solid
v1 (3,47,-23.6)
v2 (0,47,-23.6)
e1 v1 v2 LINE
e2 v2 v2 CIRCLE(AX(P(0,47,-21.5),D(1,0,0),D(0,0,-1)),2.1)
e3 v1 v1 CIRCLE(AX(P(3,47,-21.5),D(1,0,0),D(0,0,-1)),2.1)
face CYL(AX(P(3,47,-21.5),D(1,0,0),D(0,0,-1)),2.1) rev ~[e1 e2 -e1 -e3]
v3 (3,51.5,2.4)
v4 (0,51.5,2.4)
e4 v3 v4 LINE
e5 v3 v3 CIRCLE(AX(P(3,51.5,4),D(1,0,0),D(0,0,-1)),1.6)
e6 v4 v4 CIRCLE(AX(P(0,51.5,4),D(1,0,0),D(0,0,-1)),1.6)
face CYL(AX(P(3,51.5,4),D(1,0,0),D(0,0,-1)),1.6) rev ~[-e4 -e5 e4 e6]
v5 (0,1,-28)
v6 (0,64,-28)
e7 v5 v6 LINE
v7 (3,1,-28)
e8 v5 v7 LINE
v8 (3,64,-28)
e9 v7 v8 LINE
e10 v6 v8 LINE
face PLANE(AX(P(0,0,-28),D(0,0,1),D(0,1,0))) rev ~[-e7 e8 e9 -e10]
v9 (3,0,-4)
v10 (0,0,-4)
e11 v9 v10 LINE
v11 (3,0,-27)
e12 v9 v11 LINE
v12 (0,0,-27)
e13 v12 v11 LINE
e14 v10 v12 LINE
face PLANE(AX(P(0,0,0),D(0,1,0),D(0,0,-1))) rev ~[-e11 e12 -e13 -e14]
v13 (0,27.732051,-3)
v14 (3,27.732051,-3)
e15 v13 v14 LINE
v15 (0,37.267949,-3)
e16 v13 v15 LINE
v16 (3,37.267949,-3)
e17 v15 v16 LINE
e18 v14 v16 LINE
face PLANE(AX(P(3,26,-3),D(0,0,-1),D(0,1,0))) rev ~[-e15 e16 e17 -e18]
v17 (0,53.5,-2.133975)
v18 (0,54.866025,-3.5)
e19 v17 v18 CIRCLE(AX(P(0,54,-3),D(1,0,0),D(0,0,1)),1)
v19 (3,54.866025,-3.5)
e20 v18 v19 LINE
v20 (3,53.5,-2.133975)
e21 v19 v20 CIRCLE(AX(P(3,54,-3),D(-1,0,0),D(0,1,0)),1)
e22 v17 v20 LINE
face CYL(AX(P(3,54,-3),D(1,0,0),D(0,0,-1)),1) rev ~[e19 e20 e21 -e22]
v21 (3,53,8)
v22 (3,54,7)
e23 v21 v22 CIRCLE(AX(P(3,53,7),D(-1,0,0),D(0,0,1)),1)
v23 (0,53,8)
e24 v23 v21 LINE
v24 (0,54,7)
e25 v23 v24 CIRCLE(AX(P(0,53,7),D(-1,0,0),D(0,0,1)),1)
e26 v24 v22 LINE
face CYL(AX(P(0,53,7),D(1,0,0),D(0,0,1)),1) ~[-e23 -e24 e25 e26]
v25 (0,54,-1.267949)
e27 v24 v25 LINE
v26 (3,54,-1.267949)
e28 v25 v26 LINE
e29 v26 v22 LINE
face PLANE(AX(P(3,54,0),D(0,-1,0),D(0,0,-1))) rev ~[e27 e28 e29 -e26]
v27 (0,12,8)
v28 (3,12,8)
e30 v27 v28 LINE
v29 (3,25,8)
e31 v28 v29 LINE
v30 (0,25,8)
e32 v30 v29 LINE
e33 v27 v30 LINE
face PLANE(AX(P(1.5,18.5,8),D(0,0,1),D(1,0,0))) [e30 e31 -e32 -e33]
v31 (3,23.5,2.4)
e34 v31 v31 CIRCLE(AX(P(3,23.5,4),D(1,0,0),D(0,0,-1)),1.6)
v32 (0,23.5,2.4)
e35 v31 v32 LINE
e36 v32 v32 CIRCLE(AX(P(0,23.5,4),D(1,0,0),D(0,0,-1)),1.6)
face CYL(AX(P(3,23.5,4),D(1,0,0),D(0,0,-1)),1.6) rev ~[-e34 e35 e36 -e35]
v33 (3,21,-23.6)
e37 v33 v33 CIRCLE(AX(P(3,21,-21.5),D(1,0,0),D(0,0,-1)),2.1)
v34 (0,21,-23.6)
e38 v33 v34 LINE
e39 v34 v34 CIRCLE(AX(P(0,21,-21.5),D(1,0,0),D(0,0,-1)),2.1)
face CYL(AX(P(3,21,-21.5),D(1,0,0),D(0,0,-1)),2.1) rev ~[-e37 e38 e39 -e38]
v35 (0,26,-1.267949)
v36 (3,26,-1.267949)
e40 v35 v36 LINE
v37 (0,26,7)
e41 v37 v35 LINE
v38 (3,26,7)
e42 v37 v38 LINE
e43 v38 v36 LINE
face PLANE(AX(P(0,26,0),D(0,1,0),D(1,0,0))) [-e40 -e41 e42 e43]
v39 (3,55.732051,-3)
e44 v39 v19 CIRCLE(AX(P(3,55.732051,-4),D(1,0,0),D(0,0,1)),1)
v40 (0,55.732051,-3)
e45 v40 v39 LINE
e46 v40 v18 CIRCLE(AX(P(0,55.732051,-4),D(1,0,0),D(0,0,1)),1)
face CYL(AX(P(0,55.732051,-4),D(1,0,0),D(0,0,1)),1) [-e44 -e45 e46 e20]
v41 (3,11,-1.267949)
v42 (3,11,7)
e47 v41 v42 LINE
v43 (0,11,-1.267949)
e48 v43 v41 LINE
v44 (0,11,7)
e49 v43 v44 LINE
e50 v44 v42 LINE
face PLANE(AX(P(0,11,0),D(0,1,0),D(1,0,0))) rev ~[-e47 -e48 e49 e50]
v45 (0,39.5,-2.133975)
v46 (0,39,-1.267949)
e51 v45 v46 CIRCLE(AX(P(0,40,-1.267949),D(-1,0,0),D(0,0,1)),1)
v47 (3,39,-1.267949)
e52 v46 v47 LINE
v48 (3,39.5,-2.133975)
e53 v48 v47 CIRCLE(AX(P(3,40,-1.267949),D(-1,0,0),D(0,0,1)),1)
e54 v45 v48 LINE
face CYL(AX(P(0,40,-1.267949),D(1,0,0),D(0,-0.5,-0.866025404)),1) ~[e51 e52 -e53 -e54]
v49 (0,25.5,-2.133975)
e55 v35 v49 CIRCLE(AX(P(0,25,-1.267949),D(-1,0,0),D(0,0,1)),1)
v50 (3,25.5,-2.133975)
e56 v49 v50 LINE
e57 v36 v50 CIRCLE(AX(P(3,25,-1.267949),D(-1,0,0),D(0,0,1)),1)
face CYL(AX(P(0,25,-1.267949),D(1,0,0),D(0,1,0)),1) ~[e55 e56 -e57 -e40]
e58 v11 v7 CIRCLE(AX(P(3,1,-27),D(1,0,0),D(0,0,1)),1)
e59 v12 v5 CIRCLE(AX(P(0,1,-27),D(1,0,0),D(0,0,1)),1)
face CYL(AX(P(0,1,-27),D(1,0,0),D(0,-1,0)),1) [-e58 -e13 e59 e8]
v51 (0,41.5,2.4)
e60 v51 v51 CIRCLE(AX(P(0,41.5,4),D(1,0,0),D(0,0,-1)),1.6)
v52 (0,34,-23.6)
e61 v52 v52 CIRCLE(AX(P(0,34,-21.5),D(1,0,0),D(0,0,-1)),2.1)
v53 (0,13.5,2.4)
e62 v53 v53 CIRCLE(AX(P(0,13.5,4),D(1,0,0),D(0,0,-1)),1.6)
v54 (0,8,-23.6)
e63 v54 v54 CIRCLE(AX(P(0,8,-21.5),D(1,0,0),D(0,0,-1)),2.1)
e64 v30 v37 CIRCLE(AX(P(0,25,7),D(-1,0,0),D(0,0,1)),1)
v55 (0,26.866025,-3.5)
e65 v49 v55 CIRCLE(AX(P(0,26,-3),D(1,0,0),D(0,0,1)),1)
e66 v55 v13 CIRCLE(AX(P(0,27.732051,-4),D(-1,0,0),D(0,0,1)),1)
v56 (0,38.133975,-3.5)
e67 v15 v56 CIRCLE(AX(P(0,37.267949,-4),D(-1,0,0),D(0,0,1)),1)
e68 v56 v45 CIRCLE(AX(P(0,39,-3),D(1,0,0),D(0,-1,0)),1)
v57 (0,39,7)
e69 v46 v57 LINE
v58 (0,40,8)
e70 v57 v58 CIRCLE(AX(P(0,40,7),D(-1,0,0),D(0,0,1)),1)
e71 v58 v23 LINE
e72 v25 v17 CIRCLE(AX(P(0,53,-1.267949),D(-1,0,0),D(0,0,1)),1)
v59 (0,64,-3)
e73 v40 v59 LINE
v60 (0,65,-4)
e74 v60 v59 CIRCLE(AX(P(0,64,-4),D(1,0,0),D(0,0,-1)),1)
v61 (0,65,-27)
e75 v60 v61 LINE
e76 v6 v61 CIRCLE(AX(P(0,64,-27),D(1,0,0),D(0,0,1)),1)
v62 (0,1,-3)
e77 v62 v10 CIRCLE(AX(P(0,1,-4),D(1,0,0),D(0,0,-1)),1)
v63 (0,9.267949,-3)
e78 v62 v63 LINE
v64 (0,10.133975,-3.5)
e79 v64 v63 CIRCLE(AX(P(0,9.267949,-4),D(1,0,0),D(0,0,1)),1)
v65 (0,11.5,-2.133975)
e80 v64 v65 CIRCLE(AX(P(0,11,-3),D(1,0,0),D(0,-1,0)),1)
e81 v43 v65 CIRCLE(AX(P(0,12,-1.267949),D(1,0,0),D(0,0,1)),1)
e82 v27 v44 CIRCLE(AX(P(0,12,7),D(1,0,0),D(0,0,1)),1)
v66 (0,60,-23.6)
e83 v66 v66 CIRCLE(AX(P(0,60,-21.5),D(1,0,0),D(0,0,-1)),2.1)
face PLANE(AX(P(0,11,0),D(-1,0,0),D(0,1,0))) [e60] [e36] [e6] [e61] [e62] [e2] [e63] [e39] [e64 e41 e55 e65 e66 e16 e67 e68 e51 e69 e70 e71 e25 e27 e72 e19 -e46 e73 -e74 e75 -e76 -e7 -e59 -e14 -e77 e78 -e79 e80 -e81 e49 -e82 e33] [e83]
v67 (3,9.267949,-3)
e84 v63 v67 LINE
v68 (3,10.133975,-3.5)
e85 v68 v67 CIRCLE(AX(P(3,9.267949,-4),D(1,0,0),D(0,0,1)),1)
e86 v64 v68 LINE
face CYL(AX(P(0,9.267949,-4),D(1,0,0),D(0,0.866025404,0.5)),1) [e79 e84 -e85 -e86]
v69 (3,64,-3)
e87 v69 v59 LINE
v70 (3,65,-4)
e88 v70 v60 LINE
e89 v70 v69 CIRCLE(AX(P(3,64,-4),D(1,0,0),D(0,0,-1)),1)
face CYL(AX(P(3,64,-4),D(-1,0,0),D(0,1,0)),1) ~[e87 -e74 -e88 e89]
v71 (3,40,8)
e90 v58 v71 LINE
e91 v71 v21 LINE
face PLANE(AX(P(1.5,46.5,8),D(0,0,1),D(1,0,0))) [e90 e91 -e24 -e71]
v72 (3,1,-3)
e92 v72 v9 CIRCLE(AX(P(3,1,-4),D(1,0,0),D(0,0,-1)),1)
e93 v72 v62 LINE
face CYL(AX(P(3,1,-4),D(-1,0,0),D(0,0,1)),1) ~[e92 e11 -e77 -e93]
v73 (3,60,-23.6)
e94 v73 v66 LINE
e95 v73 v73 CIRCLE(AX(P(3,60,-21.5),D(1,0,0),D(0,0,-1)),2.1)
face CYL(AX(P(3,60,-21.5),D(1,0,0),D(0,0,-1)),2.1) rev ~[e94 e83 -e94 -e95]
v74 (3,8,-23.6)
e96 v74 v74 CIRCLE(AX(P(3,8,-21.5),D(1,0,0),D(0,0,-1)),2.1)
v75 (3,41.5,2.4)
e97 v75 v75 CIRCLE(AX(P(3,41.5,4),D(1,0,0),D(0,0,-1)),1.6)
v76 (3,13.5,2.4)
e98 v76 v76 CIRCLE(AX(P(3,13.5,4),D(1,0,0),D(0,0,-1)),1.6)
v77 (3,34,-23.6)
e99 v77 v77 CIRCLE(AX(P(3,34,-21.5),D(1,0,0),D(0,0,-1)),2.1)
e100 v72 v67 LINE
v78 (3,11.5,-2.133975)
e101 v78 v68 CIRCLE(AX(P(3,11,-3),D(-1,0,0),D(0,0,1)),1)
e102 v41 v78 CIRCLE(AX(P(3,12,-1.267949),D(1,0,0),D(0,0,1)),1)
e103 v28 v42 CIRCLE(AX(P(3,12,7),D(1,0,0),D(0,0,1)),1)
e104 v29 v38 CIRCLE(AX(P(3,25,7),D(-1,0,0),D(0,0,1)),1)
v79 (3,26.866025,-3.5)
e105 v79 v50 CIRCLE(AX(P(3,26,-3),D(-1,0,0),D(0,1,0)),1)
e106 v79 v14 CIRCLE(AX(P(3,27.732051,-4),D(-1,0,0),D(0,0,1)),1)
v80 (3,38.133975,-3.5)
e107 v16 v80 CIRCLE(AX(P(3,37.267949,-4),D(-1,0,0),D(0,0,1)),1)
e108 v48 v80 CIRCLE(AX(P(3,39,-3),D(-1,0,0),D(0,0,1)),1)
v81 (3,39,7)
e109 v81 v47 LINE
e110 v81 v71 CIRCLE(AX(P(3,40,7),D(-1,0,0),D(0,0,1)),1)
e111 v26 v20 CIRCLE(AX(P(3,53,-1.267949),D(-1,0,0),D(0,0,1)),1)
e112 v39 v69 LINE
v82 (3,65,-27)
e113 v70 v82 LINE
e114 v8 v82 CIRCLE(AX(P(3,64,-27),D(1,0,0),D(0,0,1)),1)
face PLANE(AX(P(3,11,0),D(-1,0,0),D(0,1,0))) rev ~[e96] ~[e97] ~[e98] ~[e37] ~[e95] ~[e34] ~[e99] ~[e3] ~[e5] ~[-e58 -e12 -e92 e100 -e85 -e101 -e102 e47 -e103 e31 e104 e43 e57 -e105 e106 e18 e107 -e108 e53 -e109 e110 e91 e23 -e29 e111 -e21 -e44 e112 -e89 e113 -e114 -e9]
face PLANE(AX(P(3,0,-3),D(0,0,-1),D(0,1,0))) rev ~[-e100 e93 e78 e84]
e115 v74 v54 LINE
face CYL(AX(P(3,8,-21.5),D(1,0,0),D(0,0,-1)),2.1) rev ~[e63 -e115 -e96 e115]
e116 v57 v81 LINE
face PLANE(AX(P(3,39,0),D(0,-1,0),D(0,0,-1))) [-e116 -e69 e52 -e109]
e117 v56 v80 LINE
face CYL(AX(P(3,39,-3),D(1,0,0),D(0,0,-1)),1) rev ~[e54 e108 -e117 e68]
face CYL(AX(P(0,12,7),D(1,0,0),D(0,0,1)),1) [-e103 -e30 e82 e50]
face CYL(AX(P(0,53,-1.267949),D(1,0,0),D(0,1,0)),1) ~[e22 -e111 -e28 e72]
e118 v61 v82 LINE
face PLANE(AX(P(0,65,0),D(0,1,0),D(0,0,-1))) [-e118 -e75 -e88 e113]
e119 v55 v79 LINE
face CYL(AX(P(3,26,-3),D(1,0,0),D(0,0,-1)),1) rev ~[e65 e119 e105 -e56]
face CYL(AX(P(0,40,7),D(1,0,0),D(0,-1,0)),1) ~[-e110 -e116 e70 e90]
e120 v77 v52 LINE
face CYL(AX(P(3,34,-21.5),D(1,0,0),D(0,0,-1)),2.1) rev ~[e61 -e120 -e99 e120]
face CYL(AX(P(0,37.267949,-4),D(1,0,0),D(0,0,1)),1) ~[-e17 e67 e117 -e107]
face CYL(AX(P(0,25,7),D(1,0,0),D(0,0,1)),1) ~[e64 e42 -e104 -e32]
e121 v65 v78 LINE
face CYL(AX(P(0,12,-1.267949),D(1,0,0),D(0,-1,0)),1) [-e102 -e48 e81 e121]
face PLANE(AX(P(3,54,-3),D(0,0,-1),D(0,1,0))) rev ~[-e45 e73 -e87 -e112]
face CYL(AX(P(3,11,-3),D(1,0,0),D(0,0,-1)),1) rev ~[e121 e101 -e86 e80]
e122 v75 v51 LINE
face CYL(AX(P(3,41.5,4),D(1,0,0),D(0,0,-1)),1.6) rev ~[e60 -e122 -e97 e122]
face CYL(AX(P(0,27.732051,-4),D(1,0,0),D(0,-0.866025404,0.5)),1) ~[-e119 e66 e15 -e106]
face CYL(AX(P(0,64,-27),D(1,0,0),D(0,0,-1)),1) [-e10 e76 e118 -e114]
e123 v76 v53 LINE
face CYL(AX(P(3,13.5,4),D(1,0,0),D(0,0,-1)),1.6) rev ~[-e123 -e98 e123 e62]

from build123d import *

# Parameters (mm, degrees)
SKETCH_1_W          = 28
SKETCH_1_H          = 65
EXTRUDE_1_DEPTH     = 3
SKETCH_2_W          = 3
SKETCH_2_H          = 11
SKETCH_2_H_2        = 13
CUT_EXTRUDE_1_DEPTH = 71.837842994
SKETCH_3_R          = 2.1
CUT_EXTRUDE_2_DEPTH = 71.837842994
SKETCH_4_R          = 1
CUT_EXTRUDE_3_DEPTH = 71.837842994
SKETCH_5_W          = 3
SKETCH_5_H          = 15
EXTRUDE_2_DEPTH     = 8
SKETCH_6_R          = 1.6
CUT_EXTRUDE_4_DEPTH = 10
FILLET_1_R          = 1


with BuildPart() as part:
    # 草图1 → 凸台-拉伸1 (new body)
    with BuildSketch(Plane(origin=(0, 0, 0), x_dir=(0, 0, -1), z_dir=(1, 0, 0))):
        with Locations((14, 32.5)):
            Rectangle(SKETCH_1_W, SKETCH_1_H)
    extrude(amount=EXTRUDE_1_DEPTH)

    # 草图2 → 切除-拉伸1 (cut, through all)
    with BuildSketch(Plane(origin=(3, 0, 0), x_dir=(0, 0, -1), z_dir=(1, 0, 0))):
        with Locations((1.5, 59.5)):
            Rectangle(SKETCH_2_W, SKETCH_2_H)
        with Locations((1.5, 32.5)):
            Rectangle(SKETCH_2_W, SKETCH_2_H_2)
        with Locations((1.5, 5.5)):
            Rectangle(SKETCH_2_W, SKETCH_2_H)
    extrude(amount=-CUT_EXTRUDE_1_DEPTH, mode=Mode.SUBTRACT)

    # 草图3 → 切除-拉伸2 (cut, through all)
    with BuildSketch(Plane(origin=(3, 0, 0), x_dir=(0, 0, -1), z_dir=(1, 0, 0))):
        with Locations((21.5, 60)):
            Circle(SKETCH_3_R)
        with Locations((21.5, 47)):
            Circle(SKETCH_3_R)
        with Locations((21.5, 34)):
            Circle(SKETCH_3_R)
        with Locations((21.5, 21)):
            Circle(SKETCH_3_R)
        with Locations((21.5, 8)):
            Circle(SKETCH_3_R)
    extrude(amount=-CUT_EXTRUDE_2_DEPTH, mode=Mode.SUBTRACT)

    # 草图4 → 切除-拉伸3 (cut, through all)
    with BuildSketch(Plane(origin=(3, 0, 0), x_dir=(0, 0, -1), z_dir=(1, 0, 0))):
        with Locations((3, 54)):
            Circle(SKETCH_4_R)
        with Locations((3, 39)):
            Circle(SKETCH_4_R)
        with Locations((3, 26)):
            Circle(SKETCH_4_R)
        with Locations((3, 11)):
            Circle(SKETCH_4_R)
    extrude(amount=-CUT_EXTRUDE_3_DEPTH, mode=Mode.SUBTRACT)

    # 草图5 → 凸台-拉伸2 (add)
    with BuildSketch(Plane.XY):
        with Locations((1.5, 18.5)):
            Rectangle(SKETCH_5_W, SKETCH_5_H)
        with Locations((1.5, 46.5)):
            Rectangle(SKETCH_5_W, SKETCH_5_H)
    extrude(amount=EXTRUDE_2_DEPTH)

    # 草图6 → 切除-拉伸4 (cut)
    with BuildSketch(Plane(origin=(3, 0, 0), x_dir=(0, 0, -1), z_dir=(1, 0, 0))):
        with Locations((-4, 51.5)):
            Circle(SKETCH_6_R)
        with Locations((-4, 41.5)):
            Circle(SKETCH_6_R)
        with Locations((-4, 23.5)):
            Circle(SKETCH_6_R)
        with Locations((-4, 13.5)):
            Circle(SKETCH_6_R)
    extrude(amount=-CUT_EXTRUDE_4_DEPTH, mode=Mode.SUBTRACT)

    # 圆角1
    fillet_1_edges = [part.edges().sort_by_distance(p)[0] for p in [
        (1.5, 39, -2),
        (1.5, 27, -3),
        (1.5, 11, -2),
        (1.5, 11, 8),
        (1.5, 26, 8),
        (1.5, 39, 8),
        (1.5, 54, 8),
        (1.5, 65, -3),
        (1.5, 0, -3),
        (1.5, 65, -28),
        (1.5, 0, -28),
        (1.5, 54, -2),
        (1.5, 26, -2),
        (1.5, 38, -3),
        (1.5, 10, -3),
        (1.5, 55, -3),
    ]]
    fillet(fillet_1_edges, radius=FILLET_1_R)


solid = part.part
